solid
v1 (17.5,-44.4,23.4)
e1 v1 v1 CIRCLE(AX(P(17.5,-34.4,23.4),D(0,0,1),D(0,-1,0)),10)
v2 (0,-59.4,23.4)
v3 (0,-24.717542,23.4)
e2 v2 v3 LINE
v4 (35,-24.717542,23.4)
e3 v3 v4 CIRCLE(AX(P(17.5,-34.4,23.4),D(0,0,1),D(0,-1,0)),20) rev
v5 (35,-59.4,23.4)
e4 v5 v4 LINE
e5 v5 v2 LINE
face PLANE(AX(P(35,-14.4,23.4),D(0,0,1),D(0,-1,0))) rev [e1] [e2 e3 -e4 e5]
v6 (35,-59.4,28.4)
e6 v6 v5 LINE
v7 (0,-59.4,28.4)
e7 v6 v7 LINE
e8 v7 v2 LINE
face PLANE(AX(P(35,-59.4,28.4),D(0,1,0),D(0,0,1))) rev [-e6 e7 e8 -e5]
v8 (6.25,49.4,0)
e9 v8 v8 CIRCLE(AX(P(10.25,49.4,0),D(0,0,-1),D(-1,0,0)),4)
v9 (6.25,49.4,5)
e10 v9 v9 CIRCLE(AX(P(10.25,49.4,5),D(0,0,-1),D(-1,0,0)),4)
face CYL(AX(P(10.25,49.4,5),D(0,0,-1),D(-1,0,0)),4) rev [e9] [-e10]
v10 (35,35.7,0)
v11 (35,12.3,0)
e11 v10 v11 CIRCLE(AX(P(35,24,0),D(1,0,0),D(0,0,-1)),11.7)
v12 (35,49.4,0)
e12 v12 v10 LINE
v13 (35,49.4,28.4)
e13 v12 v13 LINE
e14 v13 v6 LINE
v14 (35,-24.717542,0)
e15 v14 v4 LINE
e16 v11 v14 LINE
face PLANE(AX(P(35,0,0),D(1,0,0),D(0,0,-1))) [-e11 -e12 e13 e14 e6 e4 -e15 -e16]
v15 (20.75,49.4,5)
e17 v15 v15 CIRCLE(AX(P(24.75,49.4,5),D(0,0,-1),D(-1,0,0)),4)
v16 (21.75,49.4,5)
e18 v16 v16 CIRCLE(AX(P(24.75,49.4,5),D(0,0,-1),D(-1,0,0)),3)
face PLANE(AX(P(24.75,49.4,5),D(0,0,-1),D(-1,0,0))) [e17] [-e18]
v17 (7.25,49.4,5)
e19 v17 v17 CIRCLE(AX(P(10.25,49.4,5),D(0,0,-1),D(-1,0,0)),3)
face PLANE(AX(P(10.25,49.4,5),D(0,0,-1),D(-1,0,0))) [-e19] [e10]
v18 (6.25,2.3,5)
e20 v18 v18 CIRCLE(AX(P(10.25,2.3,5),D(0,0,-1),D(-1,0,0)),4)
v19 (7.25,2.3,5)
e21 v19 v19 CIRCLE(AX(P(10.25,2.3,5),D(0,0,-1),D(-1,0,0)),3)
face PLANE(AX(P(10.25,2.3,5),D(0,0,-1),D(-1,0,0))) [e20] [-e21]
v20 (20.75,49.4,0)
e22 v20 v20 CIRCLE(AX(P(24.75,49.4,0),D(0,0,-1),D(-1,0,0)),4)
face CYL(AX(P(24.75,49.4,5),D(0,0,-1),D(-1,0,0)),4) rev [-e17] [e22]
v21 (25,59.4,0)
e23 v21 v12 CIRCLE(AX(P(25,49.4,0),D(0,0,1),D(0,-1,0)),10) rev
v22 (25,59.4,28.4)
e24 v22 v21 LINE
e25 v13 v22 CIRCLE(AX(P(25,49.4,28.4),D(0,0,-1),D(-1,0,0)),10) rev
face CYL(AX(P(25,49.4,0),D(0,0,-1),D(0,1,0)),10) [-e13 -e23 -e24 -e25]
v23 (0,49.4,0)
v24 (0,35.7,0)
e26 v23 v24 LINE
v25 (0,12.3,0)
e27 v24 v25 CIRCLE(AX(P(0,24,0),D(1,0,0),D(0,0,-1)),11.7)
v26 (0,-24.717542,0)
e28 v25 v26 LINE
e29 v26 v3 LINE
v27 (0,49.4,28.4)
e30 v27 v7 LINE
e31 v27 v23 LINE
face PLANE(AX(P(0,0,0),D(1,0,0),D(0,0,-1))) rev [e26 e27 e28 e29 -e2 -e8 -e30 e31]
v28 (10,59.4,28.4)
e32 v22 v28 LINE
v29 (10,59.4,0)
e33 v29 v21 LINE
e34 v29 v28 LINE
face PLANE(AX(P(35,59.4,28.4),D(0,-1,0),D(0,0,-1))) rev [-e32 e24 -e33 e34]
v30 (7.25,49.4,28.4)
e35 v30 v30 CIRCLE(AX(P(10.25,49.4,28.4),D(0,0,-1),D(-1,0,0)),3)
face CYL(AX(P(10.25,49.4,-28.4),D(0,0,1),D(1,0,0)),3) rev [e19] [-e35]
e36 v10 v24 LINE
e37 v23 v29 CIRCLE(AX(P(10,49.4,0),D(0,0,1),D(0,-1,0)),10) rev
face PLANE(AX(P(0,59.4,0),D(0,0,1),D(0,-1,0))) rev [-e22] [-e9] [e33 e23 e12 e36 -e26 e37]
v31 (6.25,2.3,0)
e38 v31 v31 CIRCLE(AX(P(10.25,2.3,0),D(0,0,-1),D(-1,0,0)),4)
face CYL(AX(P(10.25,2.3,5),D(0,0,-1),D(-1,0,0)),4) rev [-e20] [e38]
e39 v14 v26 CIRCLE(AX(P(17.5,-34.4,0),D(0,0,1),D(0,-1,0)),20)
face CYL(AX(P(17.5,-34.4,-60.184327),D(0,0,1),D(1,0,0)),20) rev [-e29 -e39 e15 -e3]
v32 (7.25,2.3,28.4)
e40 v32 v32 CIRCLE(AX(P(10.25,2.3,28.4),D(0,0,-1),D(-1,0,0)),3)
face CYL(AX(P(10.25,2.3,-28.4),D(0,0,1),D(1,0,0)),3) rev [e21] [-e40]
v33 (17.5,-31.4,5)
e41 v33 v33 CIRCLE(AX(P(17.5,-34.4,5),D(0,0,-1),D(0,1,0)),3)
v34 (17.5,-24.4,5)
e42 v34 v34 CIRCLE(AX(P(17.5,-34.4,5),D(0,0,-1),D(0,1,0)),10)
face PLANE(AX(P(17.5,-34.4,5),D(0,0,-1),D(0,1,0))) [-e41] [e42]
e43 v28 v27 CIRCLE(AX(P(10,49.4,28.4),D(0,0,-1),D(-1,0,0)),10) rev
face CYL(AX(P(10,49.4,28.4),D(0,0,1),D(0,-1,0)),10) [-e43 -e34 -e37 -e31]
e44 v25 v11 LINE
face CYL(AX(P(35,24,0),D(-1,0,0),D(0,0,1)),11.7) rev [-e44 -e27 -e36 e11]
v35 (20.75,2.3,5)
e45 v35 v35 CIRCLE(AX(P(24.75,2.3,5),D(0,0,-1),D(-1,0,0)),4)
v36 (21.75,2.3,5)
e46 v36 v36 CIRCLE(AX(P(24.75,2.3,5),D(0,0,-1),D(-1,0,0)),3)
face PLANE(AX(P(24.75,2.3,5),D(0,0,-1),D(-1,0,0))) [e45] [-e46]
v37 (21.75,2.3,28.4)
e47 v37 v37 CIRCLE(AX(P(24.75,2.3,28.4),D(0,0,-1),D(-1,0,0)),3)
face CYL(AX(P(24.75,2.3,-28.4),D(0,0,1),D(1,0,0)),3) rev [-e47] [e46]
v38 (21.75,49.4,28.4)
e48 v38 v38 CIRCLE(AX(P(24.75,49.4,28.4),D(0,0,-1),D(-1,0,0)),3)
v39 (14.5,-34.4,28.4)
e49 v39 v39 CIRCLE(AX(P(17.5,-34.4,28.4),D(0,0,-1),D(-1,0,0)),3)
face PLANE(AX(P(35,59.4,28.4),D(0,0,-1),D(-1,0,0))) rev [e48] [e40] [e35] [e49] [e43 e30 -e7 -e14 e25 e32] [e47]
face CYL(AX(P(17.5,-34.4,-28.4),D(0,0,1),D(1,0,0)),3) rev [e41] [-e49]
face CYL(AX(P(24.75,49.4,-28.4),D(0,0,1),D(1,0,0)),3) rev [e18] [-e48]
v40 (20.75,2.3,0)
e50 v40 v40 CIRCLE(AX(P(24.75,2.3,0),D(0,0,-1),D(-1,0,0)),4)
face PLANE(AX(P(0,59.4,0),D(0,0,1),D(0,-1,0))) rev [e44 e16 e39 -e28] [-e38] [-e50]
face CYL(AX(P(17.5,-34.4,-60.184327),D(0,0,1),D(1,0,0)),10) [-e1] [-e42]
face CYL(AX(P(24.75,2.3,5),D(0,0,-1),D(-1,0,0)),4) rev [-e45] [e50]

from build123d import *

# Parameters (mm, degrees)
SKETCH1_R               = 11.7
BOSS_EXTRUDE1_DEPTH     = 35
SKETCH2_R               = 10
BOSS_EXTRUDE3_DEPTH     = 51.8
SKETCH3_R               = 3
CUT_EXTRUDE1_DEPTH      = 1
CUT_EXTRUDE1_DEPTH_BACK = 57.8
SKETCH6_W               = 28.4
SKETCH6_H               = 118.8
CUT_EXTRUDE3_DEPTH      = 36
SKETCH8_R               = 10
SKETCH8_R_2             = 3
CUT_EXTRUDE4_DEPTH      = 5
SKETCH7_R               = 4
SKETCH7_R_2             = 3
CUT_EXTRUDE5_DEPTH      = 5
FILLET1_R               = 10


with BuildPart() as part:
    # Sketch1 → Boss-Extrude1 (new body)
    with BuildSketch(Plane(origin=(0, 0, 0), x_dir=(0, 0, -1), z_dir=(1, 0, 0))):
        Polygon((-28.4, -59.4), (-23.4, -59.4), (-23.4, -14.4), (23.4, -14.4), (23.4, -59.4), (28.4, -59.4), (28.4, 59.4), (-28.4, 59.4), align=None)
        with Locations((0, 24)):
            Circle(SKETCH1_R, mode=Mode.SUBTRACT)
    extrude(amount=BOSS_EXTRUDE1_DEPTH)

    # Sketch2 → Boss-Extrude3 (add)
    with BuildSketch(Plane.XY.offset(28.4)):
        with Locations((17.5, -34.4)):
            Circle(SKETCH2_R)
        with BuildLine():
            Line((0, -24.717541634), (0, -13.4))
            Line((0, -13.4), (35, -13.4))
            Line((35, -13.4), (35, -24.717541634))
            ThreePointArc((35, -24.717541634), (17.5, -14.4), (0, -24.717541634))
        make_face()
    extrude(amount=-BOSS_EXTRUDE3_DEPTH)

    # Sketch3 → Cut-Extrude1 (cut, two sides)
    with BuildSketch(Plane.XY.offset(28.4)) as cut_extrude1_sk:
        with Locations((10.25, 49.4)):
            Circle(SKETCH3_R)
        with Locations((17.5, -34.4)):
            Circle(SKETCH3_R)
        with Locations((10.25, 2.3)):
            Circle(SKETCH3_R)
        with Locations((24.75, 2.3)):
            Circle(SKETCH3_R)
        with Locations((24.75, 49.4)):
            Circle(SKETCH3_R)
    extrude(amount=CUT_EXTRUDE1_DEPTH, mode=Mode.SUBTRACT)
    extrude(cut_extrude1_sk.sketch, amount=-CUT_EXTRUDE1_DEPTH_BACK, mode=Mode.SUBTRACT)

    # Sketch6 → Cut-Extrude3 (cut, through all)
    with BuildSketch(Plane(origin=(35, 0, 0), x_dir=(0, 0, -1), z_dir=(1, 0, 0))):
        with Locations((14.2, 0)):
            Rectangle(SKETCH6_W, SKETCH6_H)
    extrude(amount=-CUT_EXTRUDE3_DEPTH, mode=Mode.SUBTRACT)

    # Sketch8 → Cut-Extrude4 (cut)
    with BuildSketch(Plane(origin=(0, 0, 0), x_dir=(-1, 0, 0), z_dir=(0, 0, -1))):
        with Locations((-17.5, -34.4)):
            Circle(SKETCH8_R)
        with Locations((-17.5, -34.4)):
            Circle(SKETCH8_R_2, mode=Mode.SUBTRACT)
    extrude(amount=-CUT_EXTRUDE4_DEPTH, mode=Mode.SUBTRACT)

    # Sketch7 → Cut-Extrude5 (cut)
    with BuildSketch(Plane(origin=(0, 0, 0), x_dir=(-1, 0, 0), z_dir=(0, 0, -1))):
        with Locations((-24.75, 49.4)):
            Circle(SKETCH7_R)
        with Locations((-24.75, 49.4)):
            Circle(SKETCH7_R_2, mode=Mode.SUBTRACT)
        with Locations((-10.25, 49.4)):
            Circle(SKETCH7_R)
        with Locations((-10.25, 49.4)):
            Circle(SKETCH7_R_2, mode=Mode.SUBTRACT)
        with Locations((-24.75, 2.3)):
            Circle(SKETCH7_R)
        with Locations((-24.75, 2.3)):
            Circle(SKETCH7_R_2, mode=Mode.SUBTRACT)
        with Locations((-10.25, 2.3)):
            Circle(SKETCH7_R)
        with Locations((-10.25, 2.3)):
            Circle(SKETCH7_R_2, mode=Mode.SUBTRACT)
    extrude(amount=-CUT_EXTRUDE5_DEPTH, mode=Mode.SUBTRACT)

    # Fillet1
    fillet1_edges = [part.edges().sort_by_distance(p)[0] for p in [
        (0, 59.4, 14.2),
        (35, 59.4, 14.2),
    ]]
    fillet(fillet1_edges, radius=FILLET1_R)


solid = part.part
